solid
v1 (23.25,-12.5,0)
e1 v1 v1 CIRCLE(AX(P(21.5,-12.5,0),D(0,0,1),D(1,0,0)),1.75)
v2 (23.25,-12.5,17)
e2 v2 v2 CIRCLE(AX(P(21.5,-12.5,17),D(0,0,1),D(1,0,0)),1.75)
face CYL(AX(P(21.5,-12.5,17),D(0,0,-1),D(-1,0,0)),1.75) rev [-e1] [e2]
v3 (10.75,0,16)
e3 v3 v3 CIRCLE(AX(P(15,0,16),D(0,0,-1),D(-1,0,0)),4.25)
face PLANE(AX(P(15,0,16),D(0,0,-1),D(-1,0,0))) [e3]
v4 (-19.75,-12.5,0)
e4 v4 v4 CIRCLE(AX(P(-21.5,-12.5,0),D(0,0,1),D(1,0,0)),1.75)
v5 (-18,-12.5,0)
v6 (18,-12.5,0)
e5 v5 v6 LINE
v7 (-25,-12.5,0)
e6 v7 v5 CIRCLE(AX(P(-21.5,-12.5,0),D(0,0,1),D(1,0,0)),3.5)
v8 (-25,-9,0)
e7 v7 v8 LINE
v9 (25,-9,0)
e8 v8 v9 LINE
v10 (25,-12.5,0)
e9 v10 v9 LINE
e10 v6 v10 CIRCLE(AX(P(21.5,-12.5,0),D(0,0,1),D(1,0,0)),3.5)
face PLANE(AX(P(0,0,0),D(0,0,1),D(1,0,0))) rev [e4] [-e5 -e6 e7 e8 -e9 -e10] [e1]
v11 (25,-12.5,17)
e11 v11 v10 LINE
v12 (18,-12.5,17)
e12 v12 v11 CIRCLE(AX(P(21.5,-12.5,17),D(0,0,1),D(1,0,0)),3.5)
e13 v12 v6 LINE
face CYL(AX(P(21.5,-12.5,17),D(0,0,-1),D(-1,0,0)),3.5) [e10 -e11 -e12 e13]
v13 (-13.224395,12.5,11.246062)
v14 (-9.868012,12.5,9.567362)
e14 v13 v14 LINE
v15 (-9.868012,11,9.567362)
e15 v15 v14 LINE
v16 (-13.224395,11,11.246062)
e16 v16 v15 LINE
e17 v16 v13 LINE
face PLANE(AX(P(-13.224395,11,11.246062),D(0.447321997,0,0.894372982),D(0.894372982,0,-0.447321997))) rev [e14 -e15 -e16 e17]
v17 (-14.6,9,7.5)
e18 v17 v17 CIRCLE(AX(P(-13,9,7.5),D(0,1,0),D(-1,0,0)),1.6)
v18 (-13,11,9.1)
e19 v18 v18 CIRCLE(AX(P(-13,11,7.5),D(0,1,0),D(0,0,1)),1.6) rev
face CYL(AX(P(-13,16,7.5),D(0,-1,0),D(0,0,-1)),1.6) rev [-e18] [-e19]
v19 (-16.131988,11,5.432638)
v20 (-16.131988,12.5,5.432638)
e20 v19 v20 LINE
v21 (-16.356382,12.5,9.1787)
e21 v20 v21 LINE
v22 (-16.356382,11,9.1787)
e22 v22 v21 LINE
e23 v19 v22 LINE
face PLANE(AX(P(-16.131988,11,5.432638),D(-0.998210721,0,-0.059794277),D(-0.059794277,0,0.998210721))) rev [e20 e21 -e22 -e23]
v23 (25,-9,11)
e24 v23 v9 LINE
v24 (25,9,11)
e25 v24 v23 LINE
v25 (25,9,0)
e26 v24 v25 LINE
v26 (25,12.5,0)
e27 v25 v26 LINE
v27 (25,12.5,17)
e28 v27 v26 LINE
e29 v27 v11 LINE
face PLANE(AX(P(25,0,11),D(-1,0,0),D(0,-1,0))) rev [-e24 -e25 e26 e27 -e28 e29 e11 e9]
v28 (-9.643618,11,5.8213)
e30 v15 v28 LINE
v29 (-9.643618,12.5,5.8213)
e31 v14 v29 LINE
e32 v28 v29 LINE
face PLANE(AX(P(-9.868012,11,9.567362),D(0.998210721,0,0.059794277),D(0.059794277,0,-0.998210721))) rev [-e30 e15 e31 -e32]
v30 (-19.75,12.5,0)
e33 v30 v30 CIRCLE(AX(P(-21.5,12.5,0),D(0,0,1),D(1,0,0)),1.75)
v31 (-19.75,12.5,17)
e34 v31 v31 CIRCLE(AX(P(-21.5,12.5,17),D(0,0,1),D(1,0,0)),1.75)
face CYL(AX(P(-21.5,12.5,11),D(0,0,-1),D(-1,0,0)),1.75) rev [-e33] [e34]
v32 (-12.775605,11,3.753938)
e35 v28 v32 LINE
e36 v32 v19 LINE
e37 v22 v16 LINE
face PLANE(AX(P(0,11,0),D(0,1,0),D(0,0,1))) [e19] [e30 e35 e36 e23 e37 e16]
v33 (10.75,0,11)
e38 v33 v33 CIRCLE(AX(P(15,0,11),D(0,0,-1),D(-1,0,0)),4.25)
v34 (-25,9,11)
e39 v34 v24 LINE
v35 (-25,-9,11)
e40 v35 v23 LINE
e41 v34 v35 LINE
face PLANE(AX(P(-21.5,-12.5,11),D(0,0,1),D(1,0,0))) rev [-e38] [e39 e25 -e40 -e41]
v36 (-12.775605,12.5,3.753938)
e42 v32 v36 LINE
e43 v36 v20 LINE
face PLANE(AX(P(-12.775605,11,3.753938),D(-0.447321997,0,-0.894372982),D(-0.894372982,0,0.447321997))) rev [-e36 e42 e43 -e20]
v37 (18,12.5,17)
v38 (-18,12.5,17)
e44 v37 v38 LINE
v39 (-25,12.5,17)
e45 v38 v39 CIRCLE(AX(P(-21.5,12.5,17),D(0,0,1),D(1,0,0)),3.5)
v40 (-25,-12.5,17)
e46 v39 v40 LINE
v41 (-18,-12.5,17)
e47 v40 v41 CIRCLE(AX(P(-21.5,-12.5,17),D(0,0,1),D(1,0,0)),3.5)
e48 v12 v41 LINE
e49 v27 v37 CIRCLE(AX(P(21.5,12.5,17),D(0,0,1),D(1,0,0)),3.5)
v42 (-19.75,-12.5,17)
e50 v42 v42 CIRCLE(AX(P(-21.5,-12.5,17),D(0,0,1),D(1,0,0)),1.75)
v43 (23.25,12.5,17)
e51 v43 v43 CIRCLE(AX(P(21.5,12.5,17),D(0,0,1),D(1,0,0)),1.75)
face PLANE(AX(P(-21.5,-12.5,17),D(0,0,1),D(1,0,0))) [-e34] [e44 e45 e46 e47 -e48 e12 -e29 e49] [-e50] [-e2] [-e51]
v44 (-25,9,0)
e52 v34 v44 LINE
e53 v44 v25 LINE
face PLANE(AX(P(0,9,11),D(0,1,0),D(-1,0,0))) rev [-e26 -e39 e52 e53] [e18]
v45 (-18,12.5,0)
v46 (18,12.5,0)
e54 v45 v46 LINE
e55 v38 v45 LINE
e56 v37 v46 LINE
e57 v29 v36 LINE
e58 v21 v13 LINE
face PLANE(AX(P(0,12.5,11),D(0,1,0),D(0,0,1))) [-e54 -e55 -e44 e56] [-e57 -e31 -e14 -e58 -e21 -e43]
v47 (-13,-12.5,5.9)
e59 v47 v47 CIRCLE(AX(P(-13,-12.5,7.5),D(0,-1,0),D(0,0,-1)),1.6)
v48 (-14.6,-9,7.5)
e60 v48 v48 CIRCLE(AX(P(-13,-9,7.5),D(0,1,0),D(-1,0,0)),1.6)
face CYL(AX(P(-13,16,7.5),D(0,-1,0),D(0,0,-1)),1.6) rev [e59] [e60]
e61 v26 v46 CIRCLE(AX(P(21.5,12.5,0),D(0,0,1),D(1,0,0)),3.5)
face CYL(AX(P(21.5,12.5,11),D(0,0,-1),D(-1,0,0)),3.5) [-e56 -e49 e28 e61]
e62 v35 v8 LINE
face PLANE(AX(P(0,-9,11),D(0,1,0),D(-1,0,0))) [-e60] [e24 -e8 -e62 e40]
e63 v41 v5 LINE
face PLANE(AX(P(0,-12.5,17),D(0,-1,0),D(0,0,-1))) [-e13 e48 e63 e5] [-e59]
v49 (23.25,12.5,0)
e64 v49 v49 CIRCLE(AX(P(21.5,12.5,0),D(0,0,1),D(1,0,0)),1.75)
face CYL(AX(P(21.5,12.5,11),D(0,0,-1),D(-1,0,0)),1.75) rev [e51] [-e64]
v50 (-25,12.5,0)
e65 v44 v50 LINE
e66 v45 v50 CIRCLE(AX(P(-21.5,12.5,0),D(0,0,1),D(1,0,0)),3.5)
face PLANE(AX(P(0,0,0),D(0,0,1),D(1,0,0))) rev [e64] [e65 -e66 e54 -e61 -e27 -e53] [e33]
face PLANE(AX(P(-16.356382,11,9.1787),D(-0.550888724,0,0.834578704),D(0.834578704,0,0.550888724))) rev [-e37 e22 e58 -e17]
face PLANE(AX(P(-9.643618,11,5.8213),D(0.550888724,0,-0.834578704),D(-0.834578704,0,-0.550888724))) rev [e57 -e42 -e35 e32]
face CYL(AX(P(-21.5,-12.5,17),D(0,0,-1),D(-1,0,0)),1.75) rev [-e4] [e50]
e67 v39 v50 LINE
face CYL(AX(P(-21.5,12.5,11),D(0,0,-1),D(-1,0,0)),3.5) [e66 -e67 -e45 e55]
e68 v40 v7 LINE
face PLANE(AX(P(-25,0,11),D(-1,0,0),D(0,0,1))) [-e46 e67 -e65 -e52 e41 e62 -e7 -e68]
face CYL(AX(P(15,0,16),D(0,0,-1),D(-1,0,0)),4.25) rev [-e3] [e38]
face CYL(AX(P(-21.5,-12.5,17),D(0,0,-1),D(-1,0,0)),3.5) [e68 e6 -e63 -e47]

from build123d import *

# Parameters (mm, degrees)
SKETCH1_R             = 1.75
BOSS_EXTRUDE1_DEPTH   = 11
BOSS_EXTRUDE1_2_DEPTH = 11
BOSS_EXTRUDE2_START   = 11
SKETCH1_3_W           = 50
SKETCH1_3_H           = 18
SKETCH1_3_R           = 1.75
BOSS_EXTRUDE2_DEPTH   = 6
SKETCH3_R             = 4.25
CUT_EXTRUDE1_DEPTH    = 5
SKETCH4_R             = 1.6
CUT_EXTRUDE2_DEPTH    = 42.548164821
CUT_EXTRUDE3_DEPTH    = 1.5


with BuildPart() as part:
    # Sketch1 → Boss-Extrude1 (new body)
    with BuildSketch(Plane.XY):
        with BuildLine():
            Line((18, 12.5), (-18, 12.5))
            ThreePointArc((-18, 12.5), (-21.5, 16), (-25, 12.5))
            Line((-25, 12.5), (-25, 9))
            Line((-25, 9), (25, 9))
            Line((25, 9), (25, 12.5))
            ThreePointArc((25, 12.5), (21.5, 16), (18, 12.5))
        make_face()
        with Locations((-21.5, 12.5)):
            Circle(SKETCH1_R, mode=Mode.SUBTRACT)
        with Locations((21.5, 12.5)):
            Circle(SKETCH1_R, mode=Mode.SUBTRACT)
    extrude(amount=BOSS_EXTRUDE1_DEPTH)



with BuildPart() as body_2:
    # Sketch1 → Boss-Extrude1 2 (new body)
    with BuildSketch(Plane.XY):
        with BuildLine():
            Line((25, -9), (-25, -9))
            Line((-25, -9), (-25, -12.5))
            ThreePointArc((-25, -12.5), (-21.5, -16), (-18, -12.5))
            Line((-18, -12.5), (18, -12.5))
            ThreePointArc((18, -12.5), (21.5, -16), (25, -12.5))
            Line((25, -12.5), (25, -9))
        make_face()
        with Locations((-21.5, -12.5)):
            Circle(SKETCH1_R, mode=Mode.SUBTRACT)
        with Locations((21.5, -12.5)):
            Circle(SKETCH1_R, mode=Mode.SUBTRACT)
    extrude(amount=BOSS_EXTRUDE1_2_DEPTH)


with BuildPart() as part_1:
    add(part.part)

    add(body_2.part)  # Boss-Extrude2 merges body 2
    # Sketch1<3> → Boss-Extrude2 (add)
    # profile 1 of 3: a face of its own
    with BuildSketch(Plane.XY.offset(BOSS_EXTRUDE2_START)):
        Rectangle(SKETCH1_3_W, SKETCH1_3_H)
    # profile 2 of 3: a face of its own
    with BuildSketch(Plane.XY.offset(BOSS_EXTRUDE2_START)):
        with BuildLine():
            Line((18, 12.5), (-18, 12.5))
            ThreePointArc((-18, 12.5), (-21.5, 16), (-25, 12.5))
            Line((-25, 12.5), (-25, 9))
            Line((-25, 9), (25, 9))
            Line((25, 9), (25, 12.5))
            ThreePointArc((25, 12.5), (21.5, 16), (18, 12.5))
        make_face()
        with Locations((-21.5, 12.5)):
            Circle(SKETCH1_3_R, mode=Mode.SUBTRACT)
        with Locations((21.5, 12.5)):
            Circle(SKETCH1_3_R, mode=Mode.SUBTRACT)
    # profile 3 of 3: a face of its own
    with BuildSketch(Plane.XY.offset(BOSS_EXTRUDE2_START)):
        with BuildLine():
            Line((25, -9), (-25, -9))
            Line((-25, -9), (-25, -12.5))
            ThreePointArc((-25, -12.5), (-21.5, -16), (-18, -12.5))
            Line((-18, -12.5), (18, -12.5))
            ThreePointArc((18, -12.5), (21.5, -16), (25, -12.5))
            Line((25, -12.5), (25, -9))
        make_face()
        with Locations((-21.5, -12.5)):
            Circle(SKETCH1_3_R, mode=Mode.SUBTRACT)
        with Locations((21.5, -12.5)):
            Circle(SKETCH1_3_R, mode=Mode.SUBTRACT)
    extrude(amount=BOSS_EXTRUDE2_DEPTH)

    # Sketch3 → Cut-Extrude1 (cut)
    with BuildSketch(Plane(origin=(0, 0, 11), x_dir=(-1, 0, 0), z_dir=(0, 0, -1))):
        with Locations((-15, 0)):
            Circle(SKETCH3_R)
    extrude(amount=-CUT_EXTRUDE1_DEPTH, mode=Mode.SUBTRACT)

    # Sketch4 → Cut-Extrude2 (cut, through all)
    with BuildSketch(Plane.XZ.offset(12.5)):
        with Locations(Location((-13, 7.5, 0), (0, 0, 270))):
            Circle(SKETCH4_R)
    extrude(amount=-CUT_EXTRUDE2_DEPTH, mode=Mode.SUBTRACT)

    # Sketch5 → Cut-Extrude3 (cut)
    with BuildSketch(Plane(origin=(0, 12.5, 0), x_dir=(1, 0, 0), z_dir=(0, 1, 0))):
        Polygon((-9.868012442, -9.567362395), (-9.643617868, -5.821300408), (-12.775605426, -3.753938013), (-16.131987558, -5.432637605), (-16.356382132, -9.178699592), (-13.224394574, -11.246061987), align=None)
    extrude(amount=-CUT_EXTRUDE3_DEPTH, mode=Mode.SUBTRACT)


solid = part_1.part
